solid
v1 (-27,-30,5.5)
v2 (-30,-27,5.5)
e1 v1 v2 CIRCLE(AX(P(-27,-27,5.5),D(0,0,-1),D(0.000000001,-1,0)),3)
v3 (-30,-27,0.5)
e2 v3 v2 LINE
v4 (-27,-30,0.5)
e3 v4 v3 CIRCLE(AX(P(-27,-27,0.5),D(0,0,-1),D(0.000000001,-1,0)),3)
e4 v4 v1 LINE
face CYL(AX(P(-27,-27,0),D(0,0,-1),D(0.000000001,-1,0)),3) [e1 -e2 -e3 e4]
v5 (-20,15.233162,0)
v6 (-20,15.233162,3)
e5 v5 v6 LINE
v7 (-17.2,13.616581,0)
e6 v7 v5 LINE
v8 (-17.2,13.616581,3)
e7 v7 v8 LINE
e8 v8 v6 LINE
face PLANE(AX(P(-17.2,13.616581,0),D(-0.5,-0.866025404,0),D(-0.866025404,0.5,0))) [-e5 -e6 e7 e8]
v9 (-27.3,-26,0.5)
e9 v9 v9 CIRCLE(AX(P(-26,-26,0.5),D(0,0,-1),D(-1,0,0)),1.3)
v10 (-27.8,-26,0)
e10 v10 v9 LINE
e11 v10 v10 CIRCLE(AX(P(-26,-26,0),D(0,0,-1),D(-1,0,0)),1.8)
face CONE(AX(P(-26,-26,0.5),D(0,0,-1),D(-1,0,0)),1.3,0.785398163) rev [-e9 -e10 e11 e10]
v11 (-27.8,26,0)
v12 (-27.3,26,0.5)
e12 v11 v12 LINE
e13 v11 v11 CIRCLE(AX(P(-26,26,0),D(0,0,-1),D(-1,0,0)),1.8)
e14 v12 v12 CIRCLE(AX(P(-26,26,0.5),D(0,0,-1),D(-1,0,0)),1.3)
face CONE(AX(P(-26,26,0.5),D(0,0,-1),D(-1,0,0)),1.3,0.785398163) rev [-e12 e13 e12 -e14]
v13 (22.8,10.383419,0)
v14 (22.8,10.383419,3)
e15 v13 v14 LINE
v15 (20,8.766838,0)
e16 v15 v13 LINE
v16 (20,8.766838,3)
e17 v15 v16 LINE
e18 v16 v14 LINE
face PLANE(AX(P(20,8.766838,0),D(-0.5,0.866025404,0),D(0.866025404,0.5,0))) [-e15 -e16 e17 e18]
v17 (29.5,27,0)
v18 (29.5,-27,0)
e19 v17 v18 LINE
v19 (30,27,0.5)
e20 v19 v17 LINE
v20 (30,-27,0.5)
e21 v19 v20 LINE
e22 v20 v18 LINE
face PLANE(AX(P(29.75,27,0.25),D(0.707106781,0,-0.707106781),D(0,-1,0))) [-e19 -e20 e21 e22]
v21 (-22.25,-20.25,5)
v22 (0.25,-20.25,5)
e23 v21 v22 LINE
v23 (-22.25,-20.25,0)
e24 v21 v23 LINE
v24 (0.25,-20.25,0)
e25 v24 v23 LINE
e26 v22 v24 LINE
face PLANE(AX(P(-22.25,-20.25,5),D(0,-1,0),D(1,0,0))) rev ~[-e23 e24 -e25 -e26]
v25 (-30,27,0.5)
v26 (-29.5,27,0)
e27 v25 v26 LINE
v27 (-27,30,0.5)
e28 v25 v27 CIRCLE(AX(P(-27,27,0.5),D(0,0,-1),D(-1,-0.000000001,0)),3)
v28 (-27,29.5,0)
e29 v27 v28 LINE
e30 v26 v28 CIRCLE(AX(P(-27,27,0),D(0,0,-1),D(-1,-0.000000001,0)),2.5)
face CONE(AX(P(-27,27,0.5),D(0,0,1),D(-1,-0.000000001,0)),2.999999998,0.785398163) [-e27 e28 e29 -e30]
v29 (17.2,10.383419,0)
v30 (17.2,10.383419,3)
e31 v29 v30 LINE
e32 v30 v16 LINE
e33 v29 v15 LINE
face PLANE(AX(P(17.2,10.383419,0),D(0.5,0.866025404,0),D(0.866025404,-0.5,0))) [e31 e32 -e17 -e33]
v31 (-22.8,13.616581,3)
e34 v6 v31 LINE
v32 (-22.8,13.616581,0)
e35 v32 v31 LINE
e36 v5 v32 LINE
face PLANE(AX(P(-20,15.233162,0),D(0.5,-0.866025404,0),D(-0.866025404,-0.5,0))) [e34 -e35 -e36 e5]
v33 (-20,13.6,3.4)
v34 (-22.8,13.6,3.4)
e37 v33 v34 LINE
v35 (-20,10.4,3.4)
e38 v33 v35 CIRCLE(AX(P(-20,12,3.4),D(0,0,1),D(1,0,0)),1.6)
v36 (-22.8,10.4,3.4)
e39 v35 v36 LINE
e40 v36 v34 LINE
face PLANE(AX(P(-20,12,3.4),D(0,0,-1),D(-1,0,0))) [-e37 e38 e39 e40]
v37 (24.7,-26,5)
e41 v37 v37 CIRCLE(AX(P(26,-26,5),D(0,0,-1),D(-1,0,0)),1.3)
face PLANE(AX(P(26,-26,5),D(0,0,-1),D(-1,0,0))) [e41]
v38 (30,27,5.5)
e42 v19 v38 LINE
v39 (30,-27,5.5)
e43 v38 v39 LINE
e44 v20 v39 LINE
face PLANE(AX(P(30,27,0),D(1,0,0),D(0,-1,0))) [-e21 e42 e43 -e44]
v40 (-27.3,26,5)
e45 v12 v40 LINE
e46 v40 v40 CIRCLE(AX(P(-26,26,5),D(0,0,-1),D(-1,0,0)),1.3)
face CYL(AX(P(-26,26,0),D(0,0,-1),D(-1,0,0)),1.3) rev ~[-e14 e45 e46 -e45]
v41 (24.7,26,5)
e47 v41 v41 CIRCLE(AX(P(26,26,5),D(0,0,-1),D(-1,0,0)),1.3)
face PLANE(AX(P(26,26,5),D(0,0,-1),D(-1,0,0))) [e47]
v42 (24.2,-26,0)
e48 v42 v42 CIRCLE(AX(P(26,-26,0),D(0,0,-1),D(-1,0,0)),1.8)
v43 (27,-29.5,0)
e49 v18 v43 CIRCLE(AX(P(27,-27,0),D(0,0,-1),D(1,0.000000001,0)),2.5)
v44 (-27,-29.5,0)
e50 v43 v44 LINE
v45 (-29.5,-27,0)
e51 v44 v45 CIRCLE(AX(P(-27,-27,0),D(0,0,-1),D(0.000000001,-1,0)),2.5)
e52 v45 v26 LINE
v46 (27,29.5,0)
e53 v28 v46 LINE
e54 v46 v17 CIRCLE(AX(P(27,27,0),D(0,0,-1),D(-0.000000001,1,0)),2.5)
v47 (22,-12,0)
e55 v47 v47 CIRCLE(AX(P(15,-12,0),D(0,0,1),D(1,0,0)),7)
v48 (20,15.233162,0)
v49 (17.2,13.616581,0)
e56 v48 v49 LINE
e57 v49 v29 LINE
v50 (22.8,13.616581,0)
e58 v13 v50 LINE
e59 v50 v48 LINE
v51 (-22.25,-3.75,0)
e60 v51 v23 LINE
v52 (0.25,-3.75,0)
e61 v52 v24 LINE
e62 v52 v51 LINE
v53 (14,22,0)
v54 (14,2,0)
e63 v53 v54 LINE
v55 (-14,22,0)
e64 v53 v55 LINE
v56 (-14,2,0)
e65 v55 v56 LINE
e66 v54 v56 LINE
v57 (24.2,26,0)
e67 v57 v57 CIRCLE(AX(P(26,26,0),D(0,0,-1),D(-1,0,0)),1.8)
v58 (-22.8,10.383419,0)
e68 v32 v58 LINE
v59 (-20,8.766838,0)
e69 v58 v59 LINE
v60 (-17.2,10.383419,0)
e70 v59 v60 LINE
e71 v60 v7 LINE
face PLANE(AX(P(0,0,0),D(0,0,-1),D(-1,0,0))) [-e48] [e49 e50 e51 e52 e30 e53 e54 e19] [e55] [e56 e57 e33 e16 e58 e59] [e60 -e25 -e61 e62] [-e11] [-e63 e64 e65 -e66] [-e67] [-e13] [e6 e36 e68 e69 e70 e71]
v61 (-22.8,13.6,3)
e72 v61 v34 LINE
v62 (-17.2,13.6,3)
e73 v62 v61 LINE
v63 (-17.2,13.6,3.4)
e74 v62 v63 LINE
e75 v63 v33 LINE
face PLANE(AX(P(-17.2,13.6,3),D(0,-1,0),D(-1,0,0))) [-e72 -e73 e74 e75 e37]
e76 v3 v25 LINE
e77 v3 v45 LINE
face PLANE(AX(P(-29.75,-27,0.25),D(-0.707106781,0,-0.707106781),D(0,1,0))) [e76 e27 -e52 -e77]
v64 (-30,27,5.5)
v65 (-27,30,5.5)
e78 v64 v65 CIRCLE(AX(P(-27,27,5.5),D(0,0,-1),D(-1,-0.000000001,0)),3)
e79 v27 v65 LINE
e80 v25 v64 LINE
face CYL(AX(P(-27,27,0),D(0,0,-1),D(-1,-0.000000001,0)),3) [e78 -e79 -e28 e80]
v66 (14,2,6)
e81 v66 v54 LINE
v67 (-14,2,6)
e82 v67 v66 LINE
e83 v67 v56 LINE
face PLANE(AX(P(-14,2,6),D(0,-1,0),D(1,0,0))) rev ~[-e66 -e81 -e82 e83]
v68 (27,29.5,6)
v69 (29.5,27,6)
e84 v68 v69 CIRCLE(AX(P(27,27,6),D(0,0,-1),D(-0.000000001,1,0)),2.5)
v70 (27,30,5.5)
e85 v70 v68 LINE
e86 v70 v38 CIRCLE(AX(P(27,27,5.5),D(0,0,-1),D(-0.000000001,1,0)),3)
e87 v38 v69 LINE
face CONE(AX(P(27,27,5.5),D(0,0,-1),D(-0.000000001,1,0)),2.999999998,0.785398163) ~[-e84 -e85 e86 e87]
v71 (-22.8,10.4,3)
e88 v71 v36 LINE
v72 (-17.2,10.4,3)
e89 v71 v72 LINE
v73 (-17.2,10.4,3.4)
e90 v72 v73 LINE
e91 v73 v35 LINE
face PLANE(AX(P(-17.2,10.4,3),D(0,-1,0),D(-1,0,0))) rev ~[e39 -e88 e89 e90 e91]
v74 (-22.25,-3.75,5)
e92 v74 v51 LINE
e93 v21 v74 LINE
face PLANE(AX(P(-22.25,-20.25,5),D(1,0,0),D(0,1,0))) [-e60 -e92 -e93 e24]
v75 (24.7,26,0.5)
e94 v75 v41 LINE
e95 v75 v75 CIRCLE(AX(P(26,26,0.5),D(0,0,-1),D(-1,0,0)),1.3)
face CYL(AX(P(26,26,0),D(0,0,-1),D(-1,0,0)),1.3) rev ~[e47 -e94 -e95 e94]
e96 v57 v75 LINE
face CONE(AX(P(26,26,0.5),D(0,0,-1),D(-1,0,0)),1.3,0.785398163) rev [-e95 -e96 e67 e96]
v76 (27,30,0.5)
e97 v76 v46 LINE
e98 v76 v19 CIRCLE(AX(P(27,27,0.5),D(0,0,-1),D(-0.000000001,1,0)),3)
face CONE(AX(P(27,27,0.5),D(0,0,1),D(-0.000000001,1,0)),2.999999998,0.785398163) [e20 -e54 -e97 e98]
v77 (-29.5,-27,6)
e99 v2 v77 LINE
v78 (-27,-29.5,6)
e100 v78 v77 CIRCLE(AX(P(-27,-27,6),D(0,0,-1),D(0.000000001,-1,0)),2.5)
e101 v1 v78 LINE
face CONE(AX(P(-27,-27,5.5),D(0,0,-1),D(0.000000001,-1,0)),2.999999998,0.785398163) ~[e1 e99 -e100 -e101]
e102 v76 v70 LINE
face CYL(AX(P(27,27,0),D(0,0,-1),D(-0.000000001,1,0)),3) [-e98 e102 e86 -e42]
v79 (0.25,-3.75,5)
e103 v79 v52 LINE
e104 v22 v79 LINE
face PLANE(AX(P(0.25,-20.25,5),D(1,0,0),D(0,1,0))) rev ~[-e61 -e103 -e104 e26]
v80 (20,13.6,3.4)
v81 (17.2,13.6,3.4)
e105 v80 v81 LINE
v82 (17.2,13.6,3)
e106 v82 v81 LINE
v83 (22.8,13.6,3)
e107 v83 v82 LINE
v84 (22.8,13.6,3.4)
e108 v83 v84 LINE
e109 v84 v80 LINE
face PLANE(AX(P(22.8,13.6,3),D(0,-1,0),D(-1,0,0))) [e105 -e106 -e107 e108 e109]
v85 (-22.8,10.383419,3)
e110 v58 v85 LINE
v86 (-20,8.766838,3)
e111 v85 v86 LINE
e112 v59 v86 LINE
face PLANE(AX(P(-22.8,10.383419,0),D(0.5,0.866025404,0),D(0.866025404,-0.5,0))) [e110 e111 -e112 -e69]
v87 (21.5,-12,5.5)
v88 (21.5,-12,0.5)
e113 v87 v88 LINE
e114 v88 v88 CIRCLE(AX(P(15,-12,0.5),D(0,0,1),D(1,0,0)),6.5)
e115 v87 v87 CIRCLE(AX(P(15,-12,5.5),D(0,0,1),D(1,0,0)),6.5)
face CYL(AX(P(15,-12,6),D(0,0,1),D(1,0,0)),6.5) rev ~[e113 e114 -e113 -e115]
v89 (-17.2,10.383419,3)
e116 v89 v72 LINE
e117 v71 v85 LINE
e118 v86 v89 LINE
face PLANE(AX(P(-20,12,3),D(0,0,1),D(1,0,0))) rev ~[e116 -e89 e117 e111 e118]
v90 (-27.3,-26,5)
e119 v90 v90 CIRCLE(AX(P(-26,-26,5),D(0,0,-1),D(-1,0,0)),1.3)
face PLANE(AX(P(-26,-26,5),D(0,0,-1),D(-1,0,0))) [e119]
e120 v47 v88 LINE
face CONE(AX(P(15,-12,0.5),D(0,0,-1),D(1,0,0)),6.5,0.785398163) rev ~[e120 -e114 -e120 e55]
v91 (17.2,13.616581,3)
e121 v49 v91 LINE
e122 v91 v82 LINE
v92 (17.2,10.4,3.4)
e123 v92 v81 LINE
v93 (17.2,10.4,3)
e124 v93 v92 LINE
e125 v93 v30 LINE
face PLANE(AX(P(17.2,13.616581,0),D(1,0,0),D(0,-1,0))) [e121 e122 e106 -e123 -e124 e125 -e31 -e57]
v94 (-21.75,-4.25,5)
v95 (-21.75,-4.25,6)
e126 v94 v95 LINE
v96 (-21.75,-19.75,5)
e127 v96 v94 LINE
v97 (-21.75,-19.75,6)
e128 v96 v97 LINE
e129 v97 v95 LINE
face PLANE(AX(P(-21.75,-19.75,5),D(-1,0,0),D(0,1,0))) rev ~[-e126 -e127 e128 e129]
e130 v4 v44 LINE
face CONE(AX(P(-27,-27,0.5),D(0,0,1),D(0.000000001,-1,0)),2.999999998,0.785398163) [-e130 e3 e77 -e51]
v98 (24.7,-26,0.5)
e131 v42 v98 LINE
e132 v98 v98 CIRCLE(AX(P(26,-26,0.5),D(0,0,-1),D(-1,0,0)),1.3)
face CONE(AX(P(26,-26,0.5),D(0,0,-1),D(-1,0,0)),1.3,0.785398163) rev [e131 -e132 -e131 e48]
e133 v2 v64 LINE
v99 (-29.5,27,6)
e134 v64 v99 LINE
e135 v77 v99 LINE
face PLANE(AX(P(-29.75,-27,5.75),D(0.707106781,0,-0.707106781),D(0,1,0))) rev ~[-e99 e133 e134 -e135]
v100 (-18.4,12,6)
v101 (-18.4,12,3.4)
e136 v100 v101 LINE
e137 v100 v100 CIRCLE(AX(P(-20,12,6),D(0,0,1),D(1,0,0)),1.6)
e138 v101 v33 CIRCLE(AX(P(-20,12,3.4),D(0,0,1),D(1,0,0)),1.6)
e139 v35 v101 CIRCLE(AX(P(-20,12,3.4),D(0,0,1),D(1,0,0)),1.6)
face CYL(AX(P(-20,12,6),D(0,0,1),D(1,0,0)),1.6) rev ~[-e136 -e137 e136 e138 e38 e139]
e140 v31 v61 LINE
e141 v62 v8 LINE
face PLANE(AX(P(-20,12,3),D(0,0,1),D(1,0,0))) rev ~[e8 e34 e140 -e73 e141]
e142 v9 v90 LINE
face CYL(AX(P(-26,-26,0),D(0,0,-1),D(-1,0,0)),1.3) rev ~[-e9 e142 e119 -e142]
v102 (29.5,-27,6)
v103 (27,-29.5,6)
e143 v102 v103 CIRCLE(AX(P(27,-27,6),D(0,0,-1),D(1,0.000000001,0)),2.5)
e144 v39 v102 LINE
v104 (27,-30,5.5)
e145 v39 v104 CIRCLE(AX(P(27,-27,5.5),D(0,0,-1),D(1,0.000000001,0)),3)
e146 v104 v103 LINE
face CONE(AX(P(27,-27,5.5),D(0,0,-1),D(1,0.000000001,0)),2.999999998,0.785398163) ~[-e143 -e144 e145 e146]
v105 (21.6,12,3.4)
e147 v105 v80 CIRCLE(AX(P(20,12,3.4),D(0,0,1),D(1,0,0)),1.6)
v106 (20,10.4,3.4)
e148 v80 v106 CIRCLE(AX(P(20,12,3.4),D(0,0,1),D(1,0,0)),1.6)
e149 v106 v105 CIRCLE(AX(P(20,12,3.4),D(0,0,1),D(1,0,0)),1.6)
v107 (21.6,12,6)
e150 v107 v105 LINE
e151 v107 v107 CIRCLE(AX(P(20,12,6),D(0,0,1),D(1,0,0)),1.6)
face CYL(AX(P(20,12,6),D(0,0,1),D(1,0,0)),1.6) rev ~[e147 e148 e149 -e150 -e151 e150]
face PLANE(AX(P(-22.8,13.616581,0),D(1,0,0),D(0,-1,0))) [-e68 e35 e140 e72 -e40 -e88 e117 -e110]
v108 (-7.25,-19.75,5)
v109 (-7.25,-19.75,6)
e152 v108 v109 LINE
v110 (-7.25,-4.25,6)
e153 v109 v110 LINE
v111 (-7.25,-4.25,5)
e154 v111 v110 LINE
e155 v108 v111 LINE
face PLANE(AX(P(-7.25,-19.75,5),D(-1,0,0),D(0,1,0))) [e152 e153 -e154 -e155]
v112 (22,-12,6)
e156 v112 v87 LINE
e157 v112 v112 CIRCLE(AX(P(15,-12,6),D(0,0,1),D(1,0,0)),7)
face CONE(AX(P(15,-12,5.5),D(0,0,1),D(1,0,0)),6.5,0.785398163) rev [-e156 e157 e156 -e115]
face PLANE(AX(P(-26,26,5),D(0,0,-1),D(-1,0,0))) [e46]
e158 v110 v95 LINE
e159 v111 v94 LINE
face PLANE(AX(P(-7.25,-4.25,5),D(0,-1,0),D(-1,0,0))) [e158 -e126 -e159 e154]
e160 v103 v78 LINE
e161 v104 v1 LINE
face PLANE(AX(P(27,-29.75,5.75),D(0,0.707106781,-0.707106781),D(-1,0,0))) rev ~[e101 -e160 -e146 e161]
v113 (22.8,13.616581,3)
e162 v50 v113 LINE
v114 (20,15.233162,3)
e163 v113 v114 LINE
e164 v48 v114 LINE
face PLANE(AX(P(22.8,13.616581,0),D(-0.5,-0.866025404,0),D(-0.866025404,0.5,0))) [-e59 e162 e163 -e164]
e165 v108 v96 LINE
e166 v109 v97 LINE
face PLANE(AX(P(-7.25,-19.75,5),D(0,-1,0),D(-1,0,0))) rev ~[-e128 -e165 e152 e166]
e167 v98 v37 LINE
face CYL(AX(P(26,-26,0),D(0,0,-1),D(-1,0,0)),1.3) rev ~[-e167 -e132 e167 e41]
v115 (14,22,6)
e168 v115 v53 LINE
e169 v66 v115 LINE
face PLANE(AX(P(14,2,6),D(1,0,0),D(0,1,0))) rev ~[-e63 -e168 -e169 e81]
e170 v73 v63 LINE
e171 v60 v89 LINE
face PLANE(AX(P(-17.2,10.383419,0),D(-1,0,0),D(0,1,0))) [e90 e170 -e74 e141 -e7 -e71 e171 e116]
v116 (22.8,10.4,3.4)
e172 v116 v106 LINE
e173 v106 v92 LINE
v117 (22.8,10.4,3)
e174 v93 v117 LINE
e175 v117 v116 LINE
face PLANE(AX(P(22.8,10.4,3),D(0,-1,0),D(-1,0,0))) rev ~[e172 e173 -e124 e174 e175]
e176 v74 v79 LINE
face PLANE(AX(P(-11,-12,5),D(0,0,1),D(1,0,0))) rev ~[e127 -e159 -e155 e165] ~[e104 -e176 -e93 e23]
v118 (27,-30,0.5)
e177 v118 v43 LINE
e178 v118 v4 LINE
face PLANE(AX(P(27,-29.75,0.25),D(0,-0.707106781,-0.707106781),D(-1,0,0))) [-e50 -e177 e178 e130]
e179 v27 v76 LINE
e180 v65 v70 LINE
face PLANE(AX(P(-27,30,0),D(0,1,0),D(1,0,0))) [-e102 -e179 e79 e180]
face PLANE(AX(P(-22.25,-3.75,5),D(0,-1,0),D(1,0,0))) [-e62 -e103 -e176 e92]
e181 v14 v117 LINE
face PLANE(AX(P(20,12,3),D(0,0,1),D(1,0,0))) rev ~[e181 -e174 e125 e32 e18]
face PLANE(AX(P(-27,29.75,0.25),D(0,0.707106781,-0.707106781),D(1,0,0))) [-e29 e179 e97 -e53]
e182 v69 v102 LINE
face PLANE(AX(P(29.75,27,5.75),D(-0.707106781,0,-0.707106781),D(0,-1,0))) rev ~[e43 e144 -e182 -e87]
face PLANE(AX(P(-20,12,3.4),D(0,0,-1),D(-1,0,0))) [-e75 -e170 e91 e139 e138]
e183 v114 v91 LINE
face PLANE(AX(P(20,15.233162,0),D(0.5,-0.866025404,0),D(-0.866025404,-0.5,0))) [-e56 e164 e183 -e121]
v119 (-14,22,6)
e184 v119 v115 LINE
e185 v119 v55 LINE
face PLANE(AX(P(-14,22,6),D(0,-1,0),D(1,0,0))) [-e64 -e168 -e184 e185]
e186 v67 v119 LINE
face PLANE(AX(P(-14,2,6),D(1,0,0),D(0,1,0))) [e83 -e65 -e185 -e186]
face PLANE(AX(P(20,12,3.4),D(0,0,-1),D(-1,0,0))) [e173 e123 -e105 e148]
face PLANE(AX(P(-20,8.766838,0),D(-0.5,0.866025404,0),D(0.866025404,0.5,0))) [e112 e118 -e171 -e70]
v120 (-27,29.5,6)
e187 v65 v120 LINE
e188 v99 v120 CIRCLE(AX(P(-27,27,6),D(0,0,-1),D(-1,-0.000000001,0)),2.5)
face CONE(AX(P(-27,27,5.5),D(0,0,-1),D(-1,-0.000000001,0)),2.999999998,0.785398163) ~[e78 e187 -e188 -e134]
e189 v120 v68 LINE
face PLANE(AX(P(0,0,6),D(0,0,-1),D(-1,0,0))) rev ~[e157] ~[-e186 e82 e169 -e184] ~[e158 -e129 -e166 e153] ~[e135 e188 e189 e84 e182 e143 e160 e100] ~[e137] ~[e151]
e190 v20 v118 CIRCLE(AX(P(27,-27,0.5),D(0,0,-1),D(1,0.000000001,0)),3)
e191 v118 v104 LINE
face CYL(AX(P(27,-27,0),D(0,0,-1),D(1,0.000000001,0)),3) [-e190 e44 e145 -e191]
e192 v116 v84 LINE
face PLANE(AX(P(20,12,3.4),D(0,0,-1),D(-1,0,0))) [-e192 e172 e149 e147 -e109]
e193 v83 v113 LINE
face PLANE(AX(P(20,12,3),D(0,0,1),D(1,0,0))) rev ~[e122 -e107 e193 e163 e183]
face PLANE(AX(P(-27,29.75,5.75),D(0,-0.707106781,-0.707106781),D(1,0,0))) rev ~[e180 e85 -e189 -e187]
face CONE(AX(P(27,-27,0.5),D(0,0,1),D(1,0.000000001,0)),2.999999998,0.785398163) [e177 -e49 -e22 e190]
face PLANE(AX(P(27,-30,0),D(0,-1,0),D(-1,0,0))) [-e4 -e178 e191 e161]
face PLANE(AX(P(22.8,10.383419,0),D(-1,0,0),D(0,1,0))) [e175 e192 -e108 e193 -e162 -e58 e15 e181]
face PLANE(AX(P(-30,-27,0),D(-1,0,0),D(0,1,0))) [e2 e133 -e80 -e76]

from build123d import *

# Parameters (mm, degrees)
BOSS_EXTRUDE1_DEPTH = 6
SKETCH2_R           = 1.6
SKETCH2_R_2         = 6.5
SKETCH2_W           = 28
SKETCH2_H           = 20
CUT_EXTRUDE1_DEPTH  = 43.848570571
CUT_EXTRUDE2_START  = -1
SKETCH3_W           = 22.5
SKETCH3_H           = 16.5
CUT_EXTRUDE2_DEPTH  = 42.848570571
SKETCH4_W           = 14.5
SKETCH4_H           = 15.5
CUT_EXTRUDE3_DEPTH  = 43.720018727
CUT_EXTRUDE4_DEPTH  = 3
SKETCH6_W           = 5.6
SKETCH6_H           = 3.2
CUT_EXTRUDE5_DEPTH  = 0.4
SKETCH7_R           = 1.3
CUT_EXTRUDE6_DEPTH  = 5
CHAMFER2_SIZE       = 0.5


with BuildPart() as part:
    # Sketch1 → Boss-Extrude1 (new body)
    with BuildSketch(Plane.XY):
        with BuildLine():
            Line((-27, 30), (27, 30))
            ThreePointArc((27, 30), (29.121320344, 29.121320344), (30, 27))
            Line((30, 27), (30, -27))
            ThreePointArc((30, -27), (29.121320344, -29.121320344), (27, -30))
            Line((27, -30), (-27, -30))
            ThreePointArc((-27, -30), (-29.121320344, -29.121320344), (-30, -27))
            Line((-30, -27), (-30, 27))
            ThreePointArc((-30, 27), (-29.121320344, 29.121320344), (-27, 30))
        make_face()
    extrude(amount=BOSS_EXTRUDE1_DEPTH)

    # Sketch2 → Cut-Extrude1 (cut, through all)
    with BuildSketch(Plane.XY.offset(6)):
        with Locations((-20, 12)):
            Circle(SKETCH2_R)
        with Locations((20, 12)):
            Circle(SKETCH2_R)
        with Locations((15, -12)):
            Circle(SKETCH2_R_2)
        with Locations((0, 12)):
            Rectangle(SKETCH2_W, SKETCH2_H)
    extrude(amount=-CUT_EXTRUDE1_DEPTH, mode=Mode.SUBTRACT)

    # Sketch3 → Cut-Extrude2 (cut, through all)
    with BuildSketch(Plane.XY.offset(6).offset(CUT_EXTRUDE2_START)):
        with Locations((-11, -12)):
            Rectangle(SKETCH3_W, SKETCH3_H)
    extrude(amount=-CUT_EXTRUDE2_DEPTH, mode=Mode.SUBTRACT)

    # Sketch4 → Cut-Extrude3 (cut, through all)
    with BuildSketch(Plane(origin=(0, 0, 5), x_dir=(-1, 0, 0), z_dir=(0, 0, -1))):
        with Locations((14.5, -12)):
            Rectangle(SKETCH4_W, SKETCH4_H)
    extrude(amount=-CUT_EXTRUDE3_DEPTH, mode=Mode.SUBTRACT)

    # Sketch5 → Cut-Extrude4 (cut)
    with BuildSketch(Plane.XY):
        Polygon((-20, 8.766838493), (-17.2, 10.383419246), (-17.2, 13.616580754), (-20, 15.233161507), (-22.8, 13.616580754), (-22.8, 10.383419246), align=None)
        Polygon((20, 8.766838493), (22.8, 10.383419246), (22.8, 13.616580754), (20, 15.233161507), (17.2, 13.616580754), (17.2, 10.383419246), align=None)
    extrude(amount=CUT_EXTRUDE4_DEPTH, mode=Mode.SUBTRACT)

    # Sketch6 → Cut-Extrude5 (cut)
    with BuildSketch(Plane(origin=(0, 0, 3), x_dir=(-1, 0, 0), z_dir=(0, 0, -1))):
        with Locations((20, 12)):
            Rectangle(SKETCH6_W, SKETCH6_H)
        with Locations((-20, 12)):
            Rectangle(SKETCH6_W, SKETCH6_H)
    extrude(amount=-CUT_EXTRUDE5_DEPTH, mode=Mode.SUBTRACT)

    # Sketch7 → Cut-Extrude6 (cut)
    with BuildSketch(Plane(origin=(0, 0, 0), x_dir=(-1, 0, 0), z_dir=(0, 0, -1))):
        with Locations((-26, 26)):
            Circle(SKETCH7_R)
        with Locations((26, 26)):
            Circle(SKETCH7_R)
        with Locations((26, -26)):
            Circle(SKETCH7_R)
        with Locations((-26, -26)):
            Circle(SKETCH7_R)
    extrude(amount=-CUT_EXTRUDE6_DEPTH, mode=Mode.SUBTRACT)

    # Chamfer2
    chamfer2_edges = [part.edges().sort_by_distance(p)[0] for p in [
        (-29.121320344, 29.121320344, 6),
        (0, 30, 0),
        (29.121320344, 29.121320344, 0),
        (-30, 0, 6),
        (-29.121320344, -29.121320344, 6),
        (27.3, 26, 0),
        (-24.7, 26, 0),
        (-24.7, -26, 0),
        (27.3, -26, 0),
        (0, -30, 6),
        (29.121320344, -29.121320344, 6),
        (30, 0, 6),
        (29.121320344, 29.121320344, 6),
        (8.5, -12, 0),
        (8.5, -12, 6),
        (0, 30, 6),
        (30, 0, 0),
        (29.121320344, -29.121320344, 0),
        (0, -30, 0),
        (-29.121320344, -29.121320344, 0),
        (-30, 0, 0),
        (-29.121320344, 29.121320344, 0),
    ]]
    chamfer(chamfer2_edges, length=CHAMFER2_SIZE)


solid = part.part
